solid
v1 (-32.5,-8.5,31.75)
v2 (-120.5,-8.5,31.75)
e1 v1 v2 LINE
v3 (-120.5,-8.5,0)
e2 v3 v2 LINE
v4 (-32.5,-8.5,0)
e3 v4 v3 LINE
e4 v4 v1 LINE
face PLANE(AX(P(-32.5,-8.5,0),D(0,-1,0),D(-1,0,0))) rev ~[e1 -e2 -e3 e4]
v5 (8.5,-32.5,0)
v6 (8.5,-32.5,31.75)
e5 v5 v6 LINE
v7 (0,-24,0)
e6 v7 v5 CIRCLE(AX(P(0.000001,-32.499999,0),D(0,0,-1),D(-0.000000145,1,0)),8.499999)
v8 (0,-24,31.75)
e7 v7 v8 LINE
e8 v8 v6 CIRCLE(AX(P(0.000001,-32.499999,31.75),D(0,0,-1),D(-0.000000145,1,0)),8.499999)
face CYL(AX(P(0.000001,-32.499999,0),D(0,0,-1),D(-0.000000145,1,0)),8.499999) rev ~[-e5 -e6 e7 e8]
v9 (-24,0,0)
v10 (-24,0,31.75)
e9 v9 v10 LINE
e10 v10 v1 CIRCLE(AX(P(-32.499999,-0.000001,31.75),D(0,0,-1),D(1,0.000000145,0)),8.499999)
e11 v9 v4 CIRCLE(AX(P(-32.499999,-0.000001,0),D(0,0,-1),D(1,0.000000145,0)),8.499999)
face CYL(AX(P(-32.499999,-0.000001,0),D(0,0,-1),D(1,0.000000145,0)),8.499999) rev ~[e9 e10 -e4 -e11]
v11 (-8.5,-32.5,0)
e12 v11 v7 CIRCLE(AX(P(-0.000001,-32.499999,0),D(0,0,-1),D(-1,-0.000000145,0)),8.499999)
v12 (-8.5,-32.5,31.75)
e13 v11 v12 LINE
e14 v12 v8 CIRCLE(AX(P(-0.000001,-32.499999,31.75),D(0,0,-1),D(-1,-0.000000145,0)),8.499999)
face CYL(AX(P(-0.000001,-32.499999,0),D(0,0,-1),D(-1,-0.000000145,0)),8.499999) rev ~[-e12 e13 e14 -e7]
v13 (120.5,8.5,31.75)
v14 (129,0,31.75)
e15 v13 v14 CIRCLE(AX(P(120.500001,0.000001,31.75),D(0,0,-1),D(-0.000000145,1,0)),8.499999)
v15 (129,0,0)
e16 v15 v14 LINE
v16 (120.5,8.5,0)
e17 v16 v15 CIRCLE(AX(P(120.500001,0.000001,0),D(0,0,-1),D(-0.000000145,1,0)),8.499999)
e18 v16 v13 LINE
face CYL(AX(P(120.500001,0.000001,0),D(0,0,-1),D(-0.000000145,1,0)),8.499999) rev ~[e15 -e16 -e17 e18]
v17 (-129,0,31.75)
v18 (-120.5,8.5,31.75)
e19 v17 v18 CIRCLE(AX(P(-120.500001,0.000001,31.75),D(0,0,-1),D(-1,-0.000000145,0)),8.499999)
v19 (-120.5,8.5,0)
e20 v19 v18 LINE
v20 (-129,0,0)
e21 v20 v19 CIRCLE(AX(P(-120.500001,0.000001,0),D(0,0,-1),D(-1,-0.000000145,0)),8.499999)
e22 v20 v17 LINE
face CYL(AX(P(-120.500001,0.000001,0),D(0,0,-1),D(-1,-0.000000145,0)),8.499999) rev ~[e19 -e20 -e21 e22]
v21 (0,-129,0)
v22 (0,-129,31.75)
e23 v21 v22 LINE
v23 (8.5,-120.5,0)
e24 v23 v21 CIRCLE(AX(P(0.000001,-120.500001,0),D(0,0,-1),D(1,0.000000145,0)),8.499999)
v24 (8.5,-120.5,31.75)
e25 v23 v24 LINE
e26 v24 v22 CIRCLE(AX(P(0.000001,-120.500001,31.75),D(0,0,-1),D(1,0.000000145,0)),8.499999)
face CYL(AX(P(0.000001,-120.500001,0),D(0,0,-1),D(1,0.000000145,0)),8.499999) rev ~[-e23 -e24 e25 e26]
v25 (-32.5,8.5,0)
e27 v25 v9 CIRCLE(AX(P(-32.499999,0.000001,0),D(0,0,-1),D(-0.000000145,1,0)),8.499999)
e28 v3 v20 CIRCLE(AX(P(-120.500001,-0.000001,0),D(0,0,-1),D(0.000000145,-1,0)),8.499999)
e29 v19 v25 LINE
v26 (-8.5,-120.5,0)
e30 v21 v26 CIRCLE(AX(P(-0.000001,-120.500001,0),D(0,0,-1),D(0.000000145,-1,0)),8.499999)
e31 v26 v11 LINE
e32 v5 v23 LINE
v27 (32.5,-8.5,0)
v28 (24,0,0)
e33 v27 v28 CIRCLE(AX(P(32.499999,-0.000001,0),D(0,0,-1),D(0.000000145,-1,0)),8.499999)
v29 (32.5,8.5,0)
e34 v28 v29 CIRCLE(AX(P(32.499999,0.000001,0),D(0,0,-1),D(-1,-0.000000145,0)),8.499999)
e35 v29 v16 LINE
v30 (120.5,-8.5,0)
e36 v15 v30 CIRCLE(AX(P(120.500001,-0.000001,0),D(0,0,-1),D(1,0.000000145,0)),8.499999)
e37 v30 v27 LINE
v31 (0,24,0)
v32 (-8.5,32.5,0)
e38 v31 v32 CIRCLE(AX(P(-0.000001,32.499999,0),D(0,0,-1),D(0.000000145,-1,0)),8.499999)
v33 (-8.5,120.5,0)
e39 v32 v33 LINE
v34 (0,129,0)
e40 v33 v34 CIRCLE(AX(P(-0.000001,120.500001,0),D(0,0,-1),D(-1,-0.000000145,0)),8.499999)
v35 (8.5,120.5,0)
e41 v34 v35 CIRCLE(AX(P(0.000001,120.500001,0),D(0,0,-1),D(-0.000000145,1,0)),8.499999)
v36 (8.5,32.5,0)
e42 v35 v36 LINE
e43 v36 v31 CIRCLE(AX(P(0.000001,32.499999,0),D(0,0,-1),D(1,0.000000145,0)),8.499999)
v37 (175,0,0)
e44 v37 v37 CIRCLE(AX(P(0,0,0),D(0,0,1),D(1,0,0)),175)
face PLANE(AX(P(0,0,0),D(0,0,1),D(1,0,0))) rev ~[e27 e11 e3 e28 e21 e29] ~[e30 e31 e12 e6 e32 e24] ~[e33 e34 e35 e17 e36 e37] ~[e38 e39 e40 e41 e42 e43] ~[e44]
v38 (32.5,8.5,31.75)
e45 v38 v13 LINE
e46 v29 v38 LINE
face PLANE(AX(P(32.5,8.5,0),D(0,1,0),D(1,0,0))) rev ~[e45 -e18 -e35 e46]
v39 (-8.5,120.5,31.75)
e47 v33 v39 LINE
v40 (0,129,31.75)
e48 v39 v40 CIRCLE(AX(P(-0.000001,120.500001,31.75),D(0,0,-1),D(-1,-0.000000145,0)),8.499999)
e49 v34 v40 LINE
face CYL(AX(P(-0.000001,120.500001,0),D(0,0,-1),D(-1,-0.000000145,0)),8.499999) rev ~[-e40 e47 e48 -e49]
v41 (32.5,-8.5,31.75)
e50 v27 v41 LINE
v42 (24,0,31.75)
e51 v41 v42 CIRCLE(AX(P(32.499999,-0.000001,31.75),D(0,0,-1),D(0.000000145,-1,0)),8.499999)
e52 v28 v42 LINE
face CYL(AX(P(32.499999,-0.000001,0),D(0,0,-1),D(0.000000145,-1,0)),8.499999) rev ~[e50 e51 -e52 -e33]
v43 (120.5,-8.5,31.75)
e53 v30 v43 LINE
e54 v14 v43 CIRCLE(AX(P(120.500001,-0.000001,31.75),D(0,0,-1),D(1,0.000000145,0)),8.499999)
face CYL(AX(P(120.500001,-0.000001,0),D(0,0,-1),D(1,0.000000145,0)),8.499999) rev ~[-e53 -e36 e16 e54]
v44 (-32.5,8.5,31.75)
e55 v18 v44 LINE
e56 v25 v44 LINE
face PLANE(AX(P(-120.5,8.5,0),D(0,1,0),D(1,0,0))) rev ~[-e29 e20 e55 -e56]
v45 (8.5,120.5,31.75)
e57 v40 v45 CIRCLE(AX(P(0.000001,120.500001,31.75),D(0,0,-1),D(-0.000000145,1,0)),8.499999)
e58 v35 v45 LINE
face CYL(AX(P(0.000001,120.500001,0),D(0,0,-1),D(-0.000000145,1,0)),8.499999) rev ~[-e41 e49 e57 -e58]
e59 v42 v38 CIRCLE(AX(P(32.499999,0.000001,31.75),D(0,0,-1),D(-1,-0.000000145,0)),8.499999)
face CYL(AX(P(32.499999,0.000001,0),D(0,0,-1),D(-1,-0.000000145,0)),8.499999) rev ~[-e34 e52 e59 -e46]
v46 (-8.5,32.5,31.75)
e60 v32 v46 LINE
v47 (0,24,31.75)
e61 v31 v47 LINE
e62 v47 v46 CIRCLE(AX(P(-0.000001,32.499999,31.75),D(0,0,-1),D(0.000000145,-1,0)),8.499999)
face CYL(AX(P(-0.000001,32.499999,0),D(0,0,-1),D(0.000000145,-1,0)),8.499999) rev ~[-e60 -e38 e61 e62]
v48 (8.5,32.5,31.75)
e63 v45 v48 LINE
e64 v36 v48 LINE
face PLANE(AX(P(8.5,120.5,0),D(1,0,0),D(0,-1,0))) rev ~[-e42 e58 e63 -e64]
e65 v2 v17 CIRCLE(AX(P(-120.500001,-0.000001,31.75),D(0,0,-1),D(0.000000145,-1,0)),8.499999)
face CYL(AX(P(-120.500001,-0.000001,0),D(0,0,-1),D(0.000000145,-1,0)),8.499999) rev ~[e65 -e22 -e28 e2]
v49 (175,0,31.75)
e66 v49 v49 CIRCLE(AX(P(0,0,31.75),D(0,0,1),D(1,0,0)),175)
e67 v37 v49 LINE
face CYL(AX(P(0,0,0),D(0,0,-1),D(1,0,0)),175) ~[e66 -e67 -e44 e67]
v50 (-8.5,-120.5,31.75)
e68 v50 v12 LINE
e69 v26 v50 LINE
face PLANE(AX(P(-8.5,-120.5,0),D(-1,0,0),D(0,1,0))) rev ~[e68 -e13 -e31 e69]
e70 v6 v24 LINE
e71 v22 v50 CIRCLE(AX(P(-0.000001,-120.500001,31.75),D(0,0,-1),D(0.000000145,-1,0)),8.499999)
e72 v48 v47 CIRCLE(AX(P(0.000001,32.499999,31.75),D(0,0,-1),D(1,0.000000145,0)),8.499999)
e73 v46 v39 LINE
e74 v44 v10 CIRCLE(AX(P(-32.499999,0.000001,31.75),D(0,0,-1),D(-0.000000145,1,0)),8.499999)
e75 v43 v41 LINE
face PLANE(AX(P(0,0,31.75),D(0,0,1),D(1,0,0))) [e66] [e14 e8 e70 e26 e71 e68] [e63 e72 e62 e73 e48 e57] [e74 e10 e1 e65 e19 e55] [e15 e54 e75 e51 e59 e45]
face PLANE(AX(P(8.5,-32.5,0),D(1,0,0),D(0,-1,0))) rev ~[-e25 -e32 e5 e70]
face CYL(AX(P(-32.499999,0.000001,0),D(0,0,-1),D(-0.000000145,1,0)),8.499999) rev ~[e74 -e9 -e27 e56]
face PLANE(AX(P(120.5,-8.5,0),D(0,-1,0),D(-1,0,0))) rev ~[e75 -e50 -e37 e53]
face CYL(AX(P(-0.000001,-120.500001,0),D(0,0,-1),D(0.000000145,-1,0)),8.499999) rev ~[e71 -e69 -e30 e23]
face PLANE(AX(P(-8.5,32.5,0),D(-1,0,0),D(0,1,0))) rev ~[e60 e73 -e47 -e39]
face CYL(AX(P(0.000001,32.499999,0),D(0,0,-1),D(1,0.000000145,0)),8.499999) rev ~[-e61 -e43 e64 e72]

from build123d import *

# Parameters (mm, degrees)
F0_R     = 175
F1_DEPTH = 31.75


with BuildPart() as f1:
    # F0 (on Top) → F1 (new body)
    with BuildSketch(Plane.XY):
        Circle(F0_R)
        with BuildLine():
            ThreePointArc((0, -129), (-6.010408, -126.510408), (-8.5, -120.5))
            Line((-8.5, -120.5), (-8.5, -32.5))
            ThreePointArc((-8.5, -32.5), (-6.010408, -26.489592), (0, -24))
            ThreePointArc((0, -24), (6.010408, -26.489592), (8.5, -32.5))
            Line((8.5, -32.5), (8.5, -120.5))
            ThreePointArc((8.5, -120.5), (6.010408, -126.510408), (0, -129))
        make_face(mode=Mode.SUBTRACT)
        with BuildLine():
            ThreePointArc((-129, 0), (-126.510408, 6.010408), (-120.5, 8.5))
            Line((-120.5, 8.5), (-32.5, 8.5))
            ThreePointArc((-32.5, 8.5), (-26.489592, 6.010408), (-24, 0))
            ThreePointArc((-24, 0), (-26.489592, -6.010408), (-32.5, -8.5))
            Line((-32.5, -8.5), (-120.5, -8.5))
            ThreePointArc((-120.5, -8.5), (-126.510408, -6.010408), (-129, 0))
        make_face(mode=Mode.SUBTRACT)
        with BuildLine():
            ThreePointArc((129, 0), (126.510408, -6.010408), (120.5, -8.5))
            Line((120.5, -8.5), (32.5, -8.5))
            ThreePointArc((32.5, -8.5), (26.489592, -6.010408), (24, 0))
            ThreePointArc((24, 0), (26.489592, 6.010408), (32.5, 8.5))
            Line((32.5, 8.5), (120.5, 8.5))
            ThreePointArc((120.5, 8.5), (126.510408, 6.010408), (129, 0))
        make_face(mode=Mode.SUBTRACT)
        with BuildLine():
            Line((-8.5, 32.5), (-8.5, 120.5))
            ThreePointArc((-8.5, 120.5), (-6.010408, 126.510408), (0, 129))
            ThreePointArc((0, 129), (6.010408, 126.510408), (8.5, 120.5))
            Line((8.5, 120.5), (8.5, 32.5))
            ThreePointArc((8.5, 32.5), (6.010408, 26.489592), (0, 24))
            ThreePointArc((0, 24), (-6.010408, 26.489592), (-8.5, 32.5))
        make_face(mode=Mode.SUBTRACT)
    extrude(amount=F1_DEPTH)


solid = f1.part
